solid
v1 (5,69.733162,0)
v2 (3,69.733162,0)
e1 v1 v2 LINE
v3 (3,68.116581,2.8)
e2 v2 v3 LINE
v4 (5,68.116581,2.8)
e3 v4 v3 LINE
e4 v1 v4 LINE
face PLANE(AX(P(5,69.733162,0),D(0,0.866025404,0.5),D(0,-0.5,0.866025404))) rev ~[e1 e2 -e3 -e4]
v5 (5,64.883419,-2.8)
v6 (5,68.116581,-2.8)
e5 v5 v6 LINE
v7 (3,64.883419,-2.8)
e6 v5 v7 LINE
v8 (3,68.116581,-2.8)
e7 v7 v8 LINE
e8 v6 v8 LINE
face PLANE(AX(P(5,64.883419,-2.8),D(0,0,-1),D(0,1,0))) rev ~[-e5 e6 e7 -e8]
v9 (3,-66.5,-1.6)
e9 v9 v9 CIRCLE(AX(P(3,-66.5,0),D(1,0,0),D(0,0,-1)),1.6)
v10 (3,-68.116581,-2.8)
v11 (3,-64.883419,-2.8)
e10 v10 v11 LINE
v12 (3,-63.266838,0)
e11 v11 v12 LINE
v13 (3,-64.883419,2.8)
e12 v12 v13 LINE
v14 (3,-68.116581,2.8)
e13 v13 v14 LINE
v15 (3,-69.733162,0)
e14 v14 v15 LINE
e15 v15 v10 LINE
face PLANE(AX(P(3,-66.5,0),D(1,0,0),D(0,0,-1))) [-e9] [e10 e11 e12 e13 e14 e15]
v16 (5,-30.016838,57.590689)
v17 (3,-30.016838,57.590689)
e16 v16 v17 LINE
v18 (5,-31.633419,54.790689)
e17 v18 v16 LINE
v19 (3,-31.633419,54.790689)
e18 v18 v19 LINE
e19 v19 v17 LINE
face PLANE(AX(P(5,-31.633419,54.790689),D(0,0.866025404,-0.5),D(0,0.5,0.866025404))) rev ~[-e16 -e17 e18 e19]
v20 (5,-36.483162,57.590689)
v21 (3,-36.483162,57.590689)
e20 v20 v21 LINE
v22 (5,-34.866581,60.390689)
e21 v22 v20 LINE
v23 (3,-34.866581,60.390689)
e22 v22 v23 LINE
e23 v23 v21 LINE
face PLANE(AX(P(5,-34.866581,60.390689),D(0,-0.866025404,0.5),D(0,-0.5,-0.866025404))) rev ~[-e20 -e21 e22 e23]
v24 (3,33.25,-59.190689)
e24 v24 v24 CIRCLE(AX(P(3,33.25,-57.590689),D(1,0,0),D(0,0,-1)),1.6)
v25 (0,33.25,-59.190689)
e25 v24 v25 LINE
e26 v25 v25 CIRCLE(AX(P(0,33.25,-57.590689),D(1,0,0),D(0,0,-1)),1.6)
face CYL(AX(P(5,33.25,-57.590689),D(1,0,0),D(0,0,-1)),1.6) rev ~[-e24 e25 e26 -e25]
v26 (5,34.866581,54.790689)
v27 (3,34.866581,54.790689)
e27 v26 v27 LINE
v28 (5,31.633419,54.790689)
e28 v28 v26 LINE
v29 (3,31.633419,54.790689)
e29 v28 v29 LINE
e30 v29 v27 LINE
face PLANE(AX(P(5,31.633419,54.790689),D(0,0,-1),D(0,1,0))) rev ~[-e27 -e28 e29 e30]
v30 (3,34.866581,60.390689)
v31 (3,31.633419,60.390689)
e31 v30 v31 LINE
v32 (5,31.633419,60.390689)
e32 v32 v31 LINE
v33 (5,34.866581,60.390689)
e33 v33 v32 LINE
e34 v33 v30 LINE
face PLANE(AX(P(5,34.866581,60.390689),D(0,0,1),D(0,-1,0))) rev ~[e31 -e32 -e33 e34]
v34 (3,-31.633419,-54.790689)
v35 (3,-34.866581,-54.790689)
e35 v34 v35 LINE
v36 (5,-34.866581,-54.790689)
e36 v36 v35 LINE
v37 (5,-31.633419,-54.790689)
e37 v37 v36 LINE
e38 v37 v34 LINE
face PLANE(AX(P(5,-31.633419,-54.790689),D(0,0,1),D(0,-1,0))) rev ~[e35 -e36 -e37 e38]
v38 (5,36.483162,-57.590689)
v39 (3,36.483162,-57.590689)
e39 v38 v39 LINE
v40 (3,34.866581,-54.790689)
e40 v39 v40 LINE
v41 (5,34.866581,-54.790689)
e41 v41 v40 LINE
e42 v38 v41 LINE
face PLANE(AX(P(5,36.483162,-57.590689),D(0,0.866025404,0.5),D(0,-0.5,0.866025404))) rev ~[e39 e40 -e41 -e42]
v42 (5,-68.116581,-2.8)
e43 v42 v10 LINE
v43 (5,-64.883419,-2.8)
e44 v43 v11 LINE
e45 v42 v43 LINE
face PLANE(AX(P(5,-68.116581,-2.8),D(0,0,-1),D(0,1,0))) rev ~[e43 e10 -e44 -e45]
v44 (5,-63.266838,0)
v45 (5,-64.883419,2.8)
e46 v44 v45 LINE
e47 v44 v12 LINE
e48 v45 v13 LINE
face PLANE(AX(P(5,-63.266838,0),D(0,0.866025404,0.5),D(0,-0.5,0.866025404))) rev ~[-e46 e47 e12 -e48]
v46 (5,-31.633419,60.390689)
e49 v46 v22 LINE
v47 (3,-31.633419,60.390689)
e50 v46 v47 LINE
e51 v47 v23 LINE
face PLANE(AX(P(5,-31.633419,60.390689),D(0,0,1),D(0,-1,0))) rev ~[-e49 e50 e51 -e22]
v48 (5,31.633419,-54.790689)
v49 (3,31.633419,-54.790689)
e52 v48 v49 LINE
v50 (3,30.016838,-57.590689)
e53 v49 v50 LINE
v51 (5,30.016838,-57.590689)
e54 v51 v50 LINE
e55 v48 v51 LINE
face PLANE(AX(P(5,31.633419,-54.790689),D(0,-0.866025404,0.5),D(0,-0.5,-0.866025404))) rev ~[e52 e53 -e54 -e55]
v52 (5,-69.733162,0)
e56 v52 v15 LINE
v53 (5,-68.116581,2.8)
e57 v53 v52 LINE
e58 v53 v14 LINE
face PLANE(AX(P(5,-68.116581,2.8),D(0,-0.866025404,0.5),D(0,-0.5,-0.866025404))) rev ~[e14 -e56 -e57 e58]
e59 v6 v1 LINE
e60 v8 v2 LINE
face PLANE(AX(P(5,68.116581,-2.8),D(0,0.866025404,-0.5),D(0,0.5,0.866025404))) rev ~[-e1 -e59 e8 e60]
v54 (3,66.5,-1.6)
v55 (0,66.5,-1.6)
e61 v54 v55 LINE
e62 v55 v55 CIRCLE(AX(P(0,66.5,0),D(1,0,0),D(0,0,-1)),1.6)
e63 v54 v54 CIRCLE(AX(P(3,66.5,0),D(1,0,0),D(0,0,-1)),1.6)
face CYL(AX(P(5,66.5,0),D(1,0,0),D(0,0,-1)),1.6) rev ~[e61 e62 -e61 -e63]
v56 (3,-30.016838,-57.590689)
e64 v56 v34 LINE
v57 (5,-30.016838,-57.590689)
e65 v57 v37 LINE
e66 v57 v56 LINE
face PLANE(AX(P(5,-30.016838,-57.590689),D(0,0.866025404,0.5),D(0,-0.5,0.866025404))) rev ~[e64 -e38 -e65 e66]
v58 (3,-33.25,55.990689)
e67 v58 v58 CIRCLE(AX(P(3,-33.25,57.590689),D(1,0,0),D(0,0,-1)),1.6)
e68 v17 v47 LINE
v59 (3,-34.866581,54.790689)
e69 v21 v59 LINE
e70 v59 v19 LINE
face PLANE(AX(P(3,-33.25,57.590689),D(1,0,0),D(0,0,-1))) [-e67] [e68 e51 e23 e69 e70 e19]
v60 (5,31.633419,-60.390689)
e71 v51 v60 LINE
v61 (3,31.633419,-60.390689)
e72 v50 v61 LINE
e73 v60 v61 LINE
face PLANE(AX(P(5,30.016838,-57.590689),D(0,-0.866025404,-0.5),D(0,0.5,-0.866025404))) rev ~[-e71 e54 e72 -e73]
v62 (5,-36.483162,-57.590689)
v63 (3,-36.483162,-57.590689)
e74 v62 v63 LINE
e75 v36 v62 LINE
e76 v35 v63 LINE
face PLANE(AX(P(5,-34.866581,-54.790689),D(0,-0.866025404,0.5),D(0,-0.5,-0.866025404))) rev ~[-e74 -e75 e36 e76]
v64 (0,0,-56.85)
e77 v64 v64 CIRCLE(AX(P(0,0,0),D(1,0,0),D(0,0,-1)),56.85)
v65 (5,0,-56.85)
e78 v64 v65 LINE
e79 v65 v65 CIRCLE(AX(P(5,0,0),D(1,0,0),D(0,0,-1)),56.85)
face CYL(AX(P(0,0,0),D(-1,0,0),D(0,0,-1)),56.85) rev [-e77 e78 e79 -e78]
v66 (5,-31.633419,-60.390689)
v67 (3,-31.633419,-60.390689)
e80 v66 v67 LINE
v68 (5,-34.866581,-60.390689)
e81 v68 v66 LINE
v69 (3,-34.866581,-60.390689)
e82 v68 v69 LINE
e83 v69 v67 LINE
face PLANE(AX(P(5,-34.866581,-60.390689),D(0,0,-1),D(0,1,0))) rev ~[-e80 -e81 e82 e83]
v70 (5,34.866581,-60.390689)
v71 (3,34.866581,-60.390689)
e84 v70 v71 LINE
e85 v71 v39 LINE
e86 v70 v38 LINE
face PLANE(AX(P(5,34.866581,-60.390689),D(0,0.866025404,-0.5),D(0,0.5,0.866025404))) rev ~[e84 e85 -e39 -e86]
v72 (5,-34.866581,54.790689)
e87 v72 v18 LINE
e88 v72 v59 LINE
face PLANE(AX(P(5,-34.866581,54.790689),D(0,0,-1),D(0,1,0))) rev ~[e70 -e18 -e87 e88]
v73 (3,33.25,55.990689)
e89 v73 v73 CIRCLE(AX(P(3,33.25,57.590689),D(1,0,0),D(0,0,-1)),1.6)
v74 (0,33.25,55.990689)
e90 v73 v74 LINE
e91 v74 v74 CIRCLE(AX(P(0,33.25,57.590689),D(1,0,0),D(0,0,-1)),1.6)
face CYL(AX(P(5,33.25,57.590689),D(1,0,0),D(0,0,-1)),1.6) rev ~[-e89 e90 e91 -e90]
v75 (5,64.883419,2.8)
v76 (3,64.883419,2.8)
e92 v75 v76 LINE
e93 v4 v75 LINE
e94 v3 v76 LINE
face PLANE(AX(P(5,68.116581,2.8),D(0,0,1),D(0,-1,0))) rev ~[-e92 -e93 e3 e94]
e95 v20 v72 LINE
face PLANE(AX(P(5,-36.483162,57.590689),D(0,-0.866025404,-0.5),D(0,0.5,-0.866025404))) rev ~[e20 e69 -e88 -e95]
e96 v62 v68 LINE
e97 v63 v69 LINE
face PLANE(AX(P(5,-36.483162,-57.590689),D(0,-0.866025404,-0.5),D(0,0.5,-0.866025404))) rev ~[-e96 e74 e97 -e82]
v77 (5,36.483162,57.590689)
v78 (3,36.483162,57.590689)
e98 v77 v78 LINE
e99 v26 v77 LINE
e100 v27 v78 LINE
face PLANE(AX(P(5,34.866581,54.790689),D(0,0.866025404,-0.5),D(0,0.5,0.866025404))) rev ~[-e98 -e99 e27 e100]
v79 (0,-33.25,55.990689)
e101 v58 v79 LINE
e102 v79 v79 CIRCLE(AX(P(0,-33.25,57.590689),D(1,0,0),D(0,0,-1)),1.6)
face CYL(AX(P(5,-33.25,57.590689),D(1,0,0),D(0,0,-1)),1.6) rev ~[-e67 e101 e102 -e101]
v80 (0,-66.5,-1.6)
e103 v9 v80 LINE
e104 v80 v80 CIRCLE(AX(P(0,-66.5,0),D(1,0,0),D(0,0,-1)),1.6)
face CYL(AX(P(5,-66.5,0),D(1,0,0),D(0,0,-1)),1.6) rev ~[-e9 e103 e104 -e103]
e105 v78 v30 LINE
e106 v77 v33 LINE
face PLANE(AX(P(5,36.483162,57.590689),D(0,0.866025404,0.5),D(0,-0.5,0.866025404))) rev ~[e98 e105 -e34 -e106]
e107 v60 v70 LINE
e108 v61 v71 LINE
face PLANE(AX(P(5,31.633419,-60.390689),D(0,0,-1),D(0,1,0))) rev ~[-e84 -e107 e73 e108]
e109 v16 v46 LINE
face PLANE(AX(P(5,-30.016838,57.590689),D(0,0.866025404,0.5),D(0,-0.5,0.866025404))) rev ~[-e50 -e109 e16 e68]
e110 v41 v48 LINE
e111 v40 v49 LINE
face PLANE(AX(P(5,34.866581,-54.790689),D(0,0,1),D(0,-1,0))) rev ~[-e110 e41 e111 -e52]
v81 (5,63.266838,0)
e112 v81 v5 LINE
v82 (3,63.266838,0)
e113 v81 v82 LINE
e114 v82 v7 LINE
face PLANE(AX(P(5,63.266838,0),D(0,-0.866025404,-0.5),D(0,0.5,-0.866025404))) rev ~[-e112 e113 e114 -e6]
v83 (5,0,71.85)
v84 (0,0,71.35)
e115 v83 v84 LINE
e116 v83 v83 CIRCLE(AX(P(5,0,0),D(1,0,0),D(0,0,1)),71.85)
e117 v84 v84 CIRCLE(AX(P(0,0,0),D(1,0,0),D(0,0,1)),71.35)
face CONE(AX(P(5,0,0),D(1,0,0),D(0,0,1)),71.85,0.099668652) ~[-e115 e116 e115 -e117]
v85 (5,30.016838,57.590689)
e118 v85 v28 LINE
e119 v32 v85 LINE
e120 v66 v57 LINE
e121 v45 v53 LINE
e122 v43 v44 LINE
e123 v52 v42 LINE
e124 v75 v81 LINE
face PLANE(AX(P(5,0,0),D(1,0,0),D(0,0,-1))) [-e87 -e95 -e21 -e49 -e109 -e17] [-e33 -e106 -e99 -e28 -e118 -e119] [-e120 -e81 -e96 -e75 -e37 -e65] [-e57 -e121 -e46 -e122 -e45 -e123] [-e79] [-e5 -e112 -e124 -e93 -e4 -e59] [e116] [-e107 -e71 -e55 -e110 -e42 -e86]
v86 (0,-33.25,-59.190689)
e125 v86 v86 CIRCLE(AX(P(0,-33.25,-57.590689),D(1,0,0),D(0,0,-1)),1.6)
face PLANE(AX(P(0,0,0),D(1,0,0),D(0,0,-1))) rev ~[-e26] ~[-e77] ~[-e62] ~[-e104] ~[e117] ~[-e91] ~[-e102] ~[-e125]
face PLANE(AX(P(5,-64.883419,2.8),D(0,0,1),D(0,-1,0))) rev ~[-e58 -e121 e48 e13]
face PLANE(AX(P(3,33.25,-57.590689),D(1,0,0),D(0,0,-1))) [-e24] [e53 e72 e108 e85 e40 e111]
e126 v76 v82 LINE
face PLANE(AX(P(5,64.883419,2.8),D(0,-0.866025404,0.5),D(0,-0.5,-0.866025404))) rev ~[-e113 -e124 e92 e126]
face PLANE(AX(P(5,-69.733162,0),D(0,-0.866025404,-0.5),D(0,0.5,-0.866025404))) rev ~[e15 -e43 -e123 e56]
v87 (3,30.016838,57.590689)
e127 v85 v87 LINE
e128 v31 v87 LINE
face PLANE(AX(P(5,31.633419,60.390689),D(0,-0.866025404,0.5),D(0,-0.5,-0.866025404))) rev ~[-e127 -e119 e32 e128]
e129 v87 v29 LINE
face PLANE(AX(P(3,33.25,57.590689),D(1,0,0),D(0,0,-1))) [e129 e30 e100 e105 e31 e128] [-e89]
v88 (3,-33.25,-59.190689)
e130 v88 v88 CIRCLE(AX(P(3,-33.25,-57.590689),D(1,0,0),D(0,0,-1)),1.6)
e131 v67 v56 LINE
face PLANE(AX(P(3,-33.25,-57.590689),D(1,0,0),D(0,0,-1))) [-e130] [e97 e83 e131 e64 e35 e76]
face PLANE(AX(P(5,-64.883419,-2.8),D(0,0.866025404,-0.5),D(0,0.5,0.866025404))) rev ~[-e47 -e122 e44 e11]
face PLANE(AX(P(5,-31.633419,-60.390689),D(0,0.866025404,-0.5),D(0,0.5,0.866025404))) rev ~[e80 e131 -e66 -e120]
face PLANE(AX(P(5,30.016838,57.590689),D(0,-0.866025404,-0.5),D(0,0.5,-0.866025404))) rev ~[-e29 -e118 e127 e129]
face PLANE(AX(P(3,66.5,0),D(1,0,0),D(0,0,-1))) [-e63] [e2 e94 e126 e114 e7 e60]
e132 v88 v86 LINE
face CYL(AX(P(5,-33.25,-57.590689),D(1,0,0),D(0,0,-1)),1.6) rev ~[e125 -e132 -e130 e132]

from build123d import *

# Parameters (mm, degrees)
SKETCH1_R           = 71.85
SKETCH1_R_2         = 56.85
BOSS_EXTRUDE1_DEPTH = 5
CUT_EXTRUDE1_DEPTH  = 2
CUT_EXTRUDE2_REACH  = 103.734
SKETCH3_R           = 1.6


with BuildPart() as part:
    # Sketch1 → Boss-Extrude1 (new body)
    with BuildSketch(Plane(origin=(0, 0, 0), x_dir=(0, 0, -1), z_dir=(1, 0, 0))):
        Circle(SKETCH1_R)
        Circle(SKETCH1_R_2, mode=Mode.SUBTRACT)
    extrude(amount=BOSS_EXTRUDE1_DEPTH)

    # Sketch2 → Cut-Extrude1 (cut)
    with BuildSketch(Plane(origin=(5, 0, 0), x_dir=(0, 0, -1), z_dir=(1, 0, 0))):
        Polygon((54.790689352, 31.633419246), (57.590689352, 30.016838493), (60.390689352, 31.633419246), (60.390689352, 34.866580754), (57.590689352, 36.483161507), (54.790689352, 34.866580754), align=None)
        Polygon((0, 63.266838493), (2.8, 64.883419246), (2.8, 68.116580754), (0, 69.733161507), (-2.8, 68.116580754), (-2.8, 64.883419246), align=None)
        Polygon((54.790689352, -31.633419246), (54.790689352, -34.866580754), (57.590689352, -36.483161507), (60.390689352, -34.866580754), (60.390689352, -31.633419246), (57.590689352, -30.016838493), align=None)
        Polygon((0, -63.266838493), (-2.8, -64.883419246), (-2.8, -68.116580754), (0, -69.733161507), (2.8, -68.116580754), (2.8, -64.883419246), align=None)
        Polygon((-54.790689352, -31.633419246), (-57.590689352, -30.016838493), (-60.390689352, -31.633419246), (-60.390689352, -34.866580754), (-57.590689352, -36.483161507), (-54.790689352, -34.866580754), align=None)
        Polygon((-54.790689352, 31.633419246), (-54.790689352, 34.866580754), (-57.590689352, 36.483161507), (-60.390689352, 34.866580754), (-60.390689352, 31.633419246), (-57.590689352, 30.016838493), align=None)
    extrude(amount=-CUT_EXTRUDE1_DEPTH, mode=Mode.SUBTRACT)

    # Sketch3 → Cut-Extrude2 (cut, up to next)
    with BuildSketch(Plane(origin=(5, 0, 0), x_dir=(0, 0, -1), z_dir=(1, 0, 0)), mode=Mode.PRIVATE) as cut_extrude2_sk1:
        with Locations((0, 66.5)):
            Circle(SKETCH3_R)
    cut_extrude2_tool1 = extrude(cut_extrude2_sk1.sketch, amount=-CUT_EXTRUDE2_REACH, mode=Mode.PRIVATE) & part.part
    # Sketch3 → Cut-Extrude2 (cut, up to next)
    with BuildSketch(Plane(origin=(5, 0, 0), x_dir=(0, 0, -1), z_dir=(1, 0, 0)), mode=Mode.PRIVATE) as cut_extrude2_sk2:
        with Locations((57.590689352, 33.25)):
            Circle(SKETCH3_R)
    cut_extrude2_tool2 = extrude(cut_extrude2_sk2.sketch, amount=-CUT_EXTRUDE2_REACH, mode=Mode.PRIVATE) & part.part
    # Sketch3 → Cut-Extrude2 (cut, up to next)
    with BuildSketch(Plane(origin=(5, 0, 0), x_dir=(0, 0, -1), z_dir=(1, 0, 0)), mode=Mode.PRIVATE) as cut_extrude2_sk3:
        with Locations((57.590689352, -33.25)):
            Circle(SKETCH3_R)
    cut_extrude2_tool3 = extrude(cut_extrude2_sk3.sketch, amount=-CUT_EXTRUDE2_REACH, mode=Mode.PRIVATE) & part.part
    # Sketch3 → Cut-Extrude2 (cut, up to next)
    with BuildSketch(Plane(origin=(5, 0, 0), x_dir=(0, 0, -1), z_dir=(1, 0, 0)), mode=Mode.PRIVATE) as cut_extrude2_sk4:
        with Locations((0, -66.5)):
            Circle(SKETCH3_R)
    cut_extrude2_tool4 = extrude(cut_extrude2_sk4.sketch, amount=-CUT_EXTRUDE2_REACH, mode=Mode.PRIVATE) & part.part
    # Sketch3 → Cut-Extrude2 (cut, up to next)
    with BuildSketch(Plane(origin=(5, 0, 0), x_dir=(0, 0, -1), z_dir=(1, 0, 0)), mode=Mode.PRIVATE) as cut_extrude2_sk5:
        with Locations((-57.590689352, -33.25)):
            Circle(SKETCH3_R)
    cut_extrude2_tool5 = extrude(cut_extrude2_sk5.sketch, amount=-CUT_EXTRUDE2_REACH, mode=Mode.PRIVATE) & part.part
    # Sketch3 → Cut-Extrude2 (cut, up to next)
    with BuildSketch(Plane(origin=(5, 0, 0), x_dir=(0, 0, -1), z_dir=(1, 0, 0)), mode=Mode.PRIVATE) as cut_extrude2_sk6:
        with Locations((-57.590689352, 33.25)):
            Circle(SKETCH3_R)
    cut_extrude2_tool6 = extrude(cut_extrude2_sk6.sketch, amount=-CUT_EXTRUDE2_REACH, mode=Mode.PRIVATE) & part.part
    add(cut_extrude2_tool1.solids().sort_by_distance((5, 66.5, 0))[0], mode=Mode.SUBTRACT)
    add(cut_extrude2_tool2.solids().sort_by_distance((5, 33.25, -57.590689))[0], mode=Mode.SUBTRACT)
    add(cut_extrude2_tool3.solids().sort_by_distance((5, -33.25, -57.590689))[0], mode=Mode.SUBTRACT)
    add(cut_extrude2_tool4.solids().sort_by_distance((5, -66.5, 0))[0], mode=Mode.SUBTRACT)
    add(cut_extrude2_tool5.solids().sort_by_distance((5, -33.25, 57.590689))[0], mode=Mode.SUBTRACT)
    add(cut_extrude2_tool6.solids().sort_by_distance((5, 33.25, 57.590689))[0], mode=Mode.SUBTRACT)

    # Sketch4 → Cut-Revolve1 (revolve, cut)
    with BuildSketch(Plane.XY, mode=Mode.PRIVATE) as cut_revolve1_sk:
        Polygon((0, -71.35), (0, -71.85), (5, -71.85), align=None)
    revolve(cut_revolve1_sk.sketch.rotate(Axis((0, 0, 0), (1, 0, 0)), 270), axis=Axis((0, 0, 0), (1, 0, 0)), mode=Mode.SUBTRACT)


solid = part.part
